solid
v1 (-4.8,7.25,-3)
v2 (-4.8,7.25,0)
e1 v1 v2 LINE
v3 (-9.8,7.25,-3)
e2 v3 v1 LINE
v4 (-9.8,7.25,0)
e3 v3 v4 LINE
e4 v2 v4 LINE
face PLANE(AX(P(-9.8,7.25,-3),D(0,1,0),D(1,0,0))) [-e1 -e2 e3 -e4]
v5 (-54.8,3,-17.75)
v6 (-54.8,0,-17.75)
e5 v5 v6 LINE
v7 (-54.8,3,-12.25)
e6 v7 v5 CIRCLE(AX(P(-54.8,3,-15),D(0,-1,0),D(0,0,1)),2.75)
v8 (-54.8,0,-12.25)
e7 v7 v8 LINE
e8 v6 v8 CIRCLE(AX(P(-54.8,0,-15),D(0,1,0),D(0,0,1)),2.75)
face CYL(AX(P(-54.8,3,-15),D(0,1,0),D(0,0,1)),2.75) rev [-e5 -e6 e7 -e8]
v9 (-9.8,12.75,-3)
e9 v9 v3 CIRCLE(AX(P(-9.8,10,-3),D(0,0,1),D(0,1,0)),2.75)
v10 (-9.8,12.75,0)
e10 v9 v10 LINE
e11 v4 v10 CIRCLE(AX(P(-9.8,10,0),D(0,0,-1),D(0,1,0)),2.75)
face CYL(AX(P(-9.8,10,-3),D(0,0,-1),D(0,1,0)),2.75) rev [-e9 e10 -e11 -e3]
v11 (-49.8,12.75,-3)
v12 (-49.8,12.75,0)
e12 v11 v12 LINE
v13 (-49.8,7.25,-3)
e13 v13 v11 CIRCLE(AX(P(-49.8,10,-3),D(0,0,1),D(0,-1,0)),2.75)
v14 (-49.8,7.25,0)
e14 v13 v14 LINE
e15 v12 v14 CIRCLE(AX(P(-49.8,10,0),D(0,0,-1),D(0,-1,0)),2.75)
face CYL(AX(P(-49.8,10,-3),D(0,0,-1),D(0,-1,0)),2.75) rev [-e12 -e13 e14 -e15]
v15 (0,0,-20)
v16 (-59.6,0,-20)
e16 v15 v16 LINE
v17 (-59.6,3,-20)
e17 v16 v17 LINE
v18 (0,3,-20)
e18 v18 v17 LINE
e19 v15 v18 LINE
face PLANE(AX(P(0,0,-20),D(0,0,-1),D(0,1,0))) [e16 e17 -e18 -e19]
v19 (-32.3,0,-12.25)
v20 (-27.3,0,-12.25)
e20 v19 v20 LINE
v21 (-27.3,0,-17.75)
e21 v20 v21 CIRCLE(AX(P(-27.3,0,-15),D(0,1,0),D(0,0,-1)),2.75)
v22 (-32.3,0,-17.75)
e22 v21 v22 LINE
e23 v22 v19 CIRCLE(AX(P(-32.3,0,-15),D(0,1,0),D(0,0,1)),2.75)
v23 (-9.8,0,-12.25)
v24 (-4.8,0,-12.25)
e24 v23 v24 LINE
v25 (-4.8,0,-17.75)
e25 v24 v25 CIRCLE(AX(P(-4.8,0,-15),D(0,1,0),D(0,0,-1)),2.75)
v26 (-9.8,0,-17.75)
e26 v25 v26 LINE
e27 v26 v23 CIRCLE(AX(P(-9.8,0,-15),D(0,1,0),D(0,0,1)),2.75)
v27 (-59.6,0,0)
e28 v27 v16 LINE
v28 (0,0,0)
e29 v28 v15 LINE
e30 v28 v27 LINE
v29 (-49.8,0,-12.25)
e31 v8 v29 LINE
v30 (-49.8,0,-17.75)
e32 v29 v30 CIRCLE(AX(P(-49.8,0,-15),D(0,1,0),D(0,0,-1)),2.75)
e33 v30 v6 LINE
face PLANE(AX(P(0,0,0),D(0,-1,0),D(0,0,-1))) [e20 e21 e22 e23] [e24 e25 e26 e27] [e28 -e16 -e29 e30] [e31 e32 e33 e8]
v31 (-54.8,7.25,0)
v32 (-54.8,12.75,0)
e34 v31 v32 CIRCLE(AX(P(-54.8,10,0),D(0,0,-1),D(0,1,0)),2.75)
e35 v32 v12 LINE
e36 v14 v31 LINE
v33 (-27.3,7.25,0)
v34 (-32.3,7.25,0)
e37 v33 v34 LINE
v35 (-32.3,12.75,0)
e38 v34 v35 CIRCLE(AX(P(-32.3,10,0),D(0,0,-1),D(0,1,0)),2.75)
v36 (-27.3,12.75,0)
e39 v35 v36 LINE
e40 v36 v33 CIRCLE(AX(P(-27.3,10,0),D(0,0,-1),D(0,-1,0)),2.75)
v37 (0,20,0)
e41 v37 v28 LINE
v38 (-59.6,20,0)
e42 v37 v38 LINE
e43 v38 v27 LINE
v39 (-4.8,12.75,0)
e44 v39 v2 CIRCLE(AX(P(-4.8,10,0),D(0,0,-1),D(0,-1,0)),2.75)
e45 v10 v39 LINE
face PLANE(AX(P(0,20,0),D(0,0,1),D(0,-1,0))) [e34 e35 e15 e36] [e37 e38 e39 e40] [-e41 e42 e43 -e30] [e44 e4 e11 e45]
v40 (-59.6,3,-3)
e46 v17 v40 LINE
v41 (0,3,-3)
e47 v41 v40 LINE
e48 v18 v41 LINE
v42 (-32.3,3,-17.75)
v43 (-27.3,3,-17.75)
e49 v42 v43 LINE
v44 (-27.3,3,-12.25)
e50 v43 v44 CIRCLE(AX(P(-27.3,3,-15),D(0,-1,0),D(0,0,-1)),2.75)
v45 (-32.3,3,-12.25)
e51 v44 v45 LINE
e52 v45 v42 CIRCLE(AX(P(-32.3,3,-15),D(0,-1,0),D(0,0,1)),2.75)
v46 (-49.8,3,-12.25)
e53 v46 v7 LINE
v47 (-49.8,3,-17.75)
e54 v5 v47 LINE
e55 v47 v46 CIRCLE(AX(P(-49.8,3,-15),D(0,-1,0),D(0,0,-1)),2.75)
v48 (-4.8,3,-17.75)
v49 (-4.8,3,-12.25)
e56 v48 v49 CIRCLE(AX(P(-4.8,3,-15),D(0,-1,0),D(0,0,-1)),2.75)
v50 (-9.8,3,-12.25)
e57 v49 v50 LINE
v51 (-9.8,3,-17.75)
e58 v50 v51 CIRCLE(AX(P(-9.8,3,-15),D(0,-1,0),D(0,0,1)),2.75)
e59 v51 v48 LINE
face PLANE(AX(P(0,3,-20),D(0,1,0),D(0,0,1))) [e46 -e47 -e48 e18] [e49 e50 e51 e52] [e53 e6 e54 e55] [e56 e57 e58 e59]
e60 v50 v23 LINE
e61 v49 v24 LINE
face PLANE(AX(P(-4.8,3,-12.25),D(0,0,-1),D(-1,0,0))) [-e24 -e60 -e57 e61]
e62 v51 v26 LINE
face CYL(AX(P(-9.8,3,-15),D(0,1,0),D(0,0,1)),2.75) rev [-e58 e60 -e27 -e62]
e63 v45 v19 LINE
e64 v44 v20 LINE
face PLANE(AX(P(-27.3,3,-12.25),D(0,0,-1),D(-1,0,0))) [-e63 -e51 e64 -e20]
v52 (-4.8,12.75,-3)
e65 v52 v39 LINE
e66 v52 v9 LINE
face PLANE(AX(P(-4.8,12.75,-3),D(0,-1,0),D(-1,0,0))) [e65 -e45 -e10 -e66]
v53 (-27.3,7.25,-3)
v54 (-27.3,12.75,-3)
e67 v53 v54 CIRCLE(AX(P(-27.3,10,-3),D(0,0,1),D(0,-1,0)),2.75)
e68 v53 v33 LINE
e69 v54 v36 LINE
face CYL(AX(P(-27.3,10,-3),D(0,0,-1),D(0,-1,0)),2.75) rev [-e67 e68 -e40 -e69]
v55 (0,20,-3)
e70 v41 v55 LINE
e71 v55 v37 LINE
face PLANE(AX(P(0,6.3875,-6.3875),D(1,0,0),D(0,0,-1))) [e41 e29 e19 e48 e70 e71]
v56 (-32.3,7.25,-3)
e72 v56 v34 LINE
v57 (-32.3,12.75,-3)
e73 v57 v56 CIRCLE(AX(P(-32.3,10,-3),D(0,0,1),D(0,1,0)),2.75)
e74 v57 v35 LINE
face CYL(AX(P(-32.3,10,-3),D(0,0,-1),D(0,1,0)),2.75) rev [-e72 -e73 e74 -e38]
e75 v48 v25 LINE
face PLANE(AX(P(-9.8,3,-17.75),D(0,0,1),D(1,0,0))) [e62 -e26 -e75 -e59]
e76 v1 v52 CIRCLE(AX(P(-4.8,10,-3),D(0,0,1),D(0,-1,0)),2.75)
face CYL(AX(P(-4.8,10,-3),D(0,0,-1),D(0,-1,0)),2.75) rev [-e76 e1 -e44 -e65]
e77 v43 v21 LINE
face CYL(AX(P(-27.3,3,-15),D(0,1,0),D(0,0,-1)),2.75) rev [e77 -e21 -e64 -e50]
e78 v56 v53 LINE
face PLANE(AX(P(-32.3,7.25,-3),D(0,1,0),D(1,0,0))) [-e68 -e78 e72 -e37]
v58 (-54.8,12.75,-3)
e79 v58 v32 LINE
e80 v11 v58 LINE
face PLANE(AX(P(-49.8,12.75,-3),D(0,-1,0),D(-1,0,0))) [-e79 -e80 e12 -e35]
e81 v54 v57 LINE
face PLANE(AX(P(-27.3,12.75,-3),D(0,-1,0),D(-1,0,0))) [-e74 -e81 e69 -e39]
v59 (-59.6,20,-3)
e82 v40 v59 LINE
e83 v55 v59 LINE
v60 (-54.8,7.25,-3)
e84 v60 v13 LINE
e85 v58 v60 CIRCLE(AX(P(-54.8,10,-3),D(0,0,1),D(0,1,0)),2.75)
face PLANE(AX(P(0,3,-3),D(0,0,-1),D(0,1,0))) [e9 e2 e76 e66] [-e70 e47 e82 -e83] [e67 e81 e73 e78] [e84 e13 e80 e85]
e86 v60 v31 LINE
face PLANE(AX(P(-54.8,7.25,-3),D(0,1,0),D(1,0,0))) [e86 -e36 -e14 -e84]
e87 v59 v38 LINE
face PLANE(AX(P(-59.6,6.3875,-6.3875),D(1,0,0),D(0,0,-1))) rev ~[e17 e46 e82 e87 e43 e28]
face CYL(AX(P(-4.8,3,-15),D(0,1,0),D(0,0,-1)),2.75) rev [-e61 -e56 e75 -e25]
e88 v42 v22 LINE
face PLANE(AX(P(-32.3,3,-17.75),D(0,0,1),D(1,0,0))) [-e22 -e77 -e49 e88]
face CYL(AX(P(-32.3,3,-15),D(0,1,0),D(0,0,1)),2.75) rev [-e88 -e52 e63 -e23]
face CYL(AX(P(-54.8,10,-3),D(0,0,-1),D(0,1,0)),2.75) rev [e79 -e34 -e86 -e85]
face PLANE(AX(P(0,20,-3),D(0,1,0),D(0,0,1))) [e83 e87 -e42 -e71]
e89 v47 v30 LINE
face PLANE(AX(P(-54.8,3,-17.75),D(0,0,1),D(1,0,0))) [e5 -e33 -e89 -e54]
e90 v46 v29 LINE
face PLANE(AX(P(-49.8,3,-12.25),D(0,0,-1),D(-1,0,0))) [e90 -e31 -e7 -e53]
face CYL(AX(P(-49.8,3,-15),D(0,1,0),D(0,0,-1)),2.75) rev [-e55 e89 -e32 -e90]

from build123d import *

# Parameters (mm, degrees)
BOSS_EXTRUDE1_DEPTH = 59.6
CUT_EXTRUDE1_DEPTH  = 4
LPATTERN1_COUNT     = 2
LPATTERN1_PITCH     = 22.5
LPATTERN1_COL_COUNT = 2
LPATTERN1_COL_PITCH = 22.5
CUT_EXTRUDE2_DEPTH  = 4
LPATTERN2_COUNT     = 2
LPATTERN2_PITCH     = 22.5
LPATTERN2_COL_COUNT = 2
LPATTERN2_COL_PITCH = 22.5


with BuildPart() as part:
    # Sketch1 → Boss-Extrude1 (new body)
    with BuildSketch(Plane(origin=(0, 0, 0), x_dir=(0, 0, -1), z_dir=(1, 0, 0))):
        Polygon((0, 20), (0, 0), (20, 0), (20, 3), (3, 3), (3, 20), align=None)
    extrude(amount=-BOSS_EXTRUDE1_DEPTH)

    # Sketch2 → Cut-Extrude1 (cut, through all)
    with BuildSketch(Plane(origin=(0, 0, -3), x_dir=(-1, 0, 0), z_dir=(0, 0, -1))):
        with BuildLine():
            Line((27.3, 12.75), (32.3, 12.75))
            ThreePointArc((32.3, 12.75), (35.05, 10), (32.3, 7.25))
            Line((32.3, 7.25), (27.3, 7.25))
            ThreePointArc((27.3, 7.25), (24.55, 10), (27.3, 12.75))
        make_face()
    cut_extrude1 = extrude(amount=-CUT_EXTRUDE1_DEPTH, mode=Mode.SUBTRACT)

    # LPattern1: Cut-Extrude1 ×2
    with Locations(*[(-i * LPATTERN1_PITCH, 0, 0) for i in range(1, LPATTERN1_COUNT)]):
        add(cut_extrude1, mode=Mode.SUBTRACT)

    # LPattern1 col: Cut-Extrude1 ×2
    with Locations(*[(i * LPATTERN1_COL_PITCH, 0, 0) for i in range(1, LPATTERN1_COL_COUNT)]):
        add(cut_extrude1, mode=Mode.SUBTRACT)

    # Sketch3 → Cut-Extrude2 (cut, through all)
    with BuildSketch(Plane(origin=(0, 3, 0), x_dir=(1, 0, 0), z_dir=(0, 1, 0))):
        with BuildLine():
            Line((-27.3, 12.25), (-32.3, 12.25))
            ThreePointArc((-32.3, 12.25), (-35.05, 15), (-32.3, 17.75))
            Line((-32.3, 17.75), (-27.3, 17.75))
            ThreePointArc((-27.3, 17.75), (-24.55, 15), (-27.3, 12.25))
        make_face()
    cut_extrude2 = extrude(amount=-CUT_EXTRUDE2_DEPTH, mode=Mode.SUBTRACT)

    # LPattern2: Cut-Extrude2 ×2
    with Locations(*[(-i * LPATTERN2_PITCH, 0, 0) for i in range(1, LPATTERN2_COUNT)]):
        add(cut_extrude2, mode=Mode.SUBTRACT)

    # LPattern2 col: Cut-Extrude2 ×2
    with Locations(*[(i * LPATTERN2_COL_PITCH, 0, 0) for i in range(1, LPATTERN2_COL_COUNT)]):
        add(cut_extrude2, mode=Mode.SUBTRACT)


solid = part.part
